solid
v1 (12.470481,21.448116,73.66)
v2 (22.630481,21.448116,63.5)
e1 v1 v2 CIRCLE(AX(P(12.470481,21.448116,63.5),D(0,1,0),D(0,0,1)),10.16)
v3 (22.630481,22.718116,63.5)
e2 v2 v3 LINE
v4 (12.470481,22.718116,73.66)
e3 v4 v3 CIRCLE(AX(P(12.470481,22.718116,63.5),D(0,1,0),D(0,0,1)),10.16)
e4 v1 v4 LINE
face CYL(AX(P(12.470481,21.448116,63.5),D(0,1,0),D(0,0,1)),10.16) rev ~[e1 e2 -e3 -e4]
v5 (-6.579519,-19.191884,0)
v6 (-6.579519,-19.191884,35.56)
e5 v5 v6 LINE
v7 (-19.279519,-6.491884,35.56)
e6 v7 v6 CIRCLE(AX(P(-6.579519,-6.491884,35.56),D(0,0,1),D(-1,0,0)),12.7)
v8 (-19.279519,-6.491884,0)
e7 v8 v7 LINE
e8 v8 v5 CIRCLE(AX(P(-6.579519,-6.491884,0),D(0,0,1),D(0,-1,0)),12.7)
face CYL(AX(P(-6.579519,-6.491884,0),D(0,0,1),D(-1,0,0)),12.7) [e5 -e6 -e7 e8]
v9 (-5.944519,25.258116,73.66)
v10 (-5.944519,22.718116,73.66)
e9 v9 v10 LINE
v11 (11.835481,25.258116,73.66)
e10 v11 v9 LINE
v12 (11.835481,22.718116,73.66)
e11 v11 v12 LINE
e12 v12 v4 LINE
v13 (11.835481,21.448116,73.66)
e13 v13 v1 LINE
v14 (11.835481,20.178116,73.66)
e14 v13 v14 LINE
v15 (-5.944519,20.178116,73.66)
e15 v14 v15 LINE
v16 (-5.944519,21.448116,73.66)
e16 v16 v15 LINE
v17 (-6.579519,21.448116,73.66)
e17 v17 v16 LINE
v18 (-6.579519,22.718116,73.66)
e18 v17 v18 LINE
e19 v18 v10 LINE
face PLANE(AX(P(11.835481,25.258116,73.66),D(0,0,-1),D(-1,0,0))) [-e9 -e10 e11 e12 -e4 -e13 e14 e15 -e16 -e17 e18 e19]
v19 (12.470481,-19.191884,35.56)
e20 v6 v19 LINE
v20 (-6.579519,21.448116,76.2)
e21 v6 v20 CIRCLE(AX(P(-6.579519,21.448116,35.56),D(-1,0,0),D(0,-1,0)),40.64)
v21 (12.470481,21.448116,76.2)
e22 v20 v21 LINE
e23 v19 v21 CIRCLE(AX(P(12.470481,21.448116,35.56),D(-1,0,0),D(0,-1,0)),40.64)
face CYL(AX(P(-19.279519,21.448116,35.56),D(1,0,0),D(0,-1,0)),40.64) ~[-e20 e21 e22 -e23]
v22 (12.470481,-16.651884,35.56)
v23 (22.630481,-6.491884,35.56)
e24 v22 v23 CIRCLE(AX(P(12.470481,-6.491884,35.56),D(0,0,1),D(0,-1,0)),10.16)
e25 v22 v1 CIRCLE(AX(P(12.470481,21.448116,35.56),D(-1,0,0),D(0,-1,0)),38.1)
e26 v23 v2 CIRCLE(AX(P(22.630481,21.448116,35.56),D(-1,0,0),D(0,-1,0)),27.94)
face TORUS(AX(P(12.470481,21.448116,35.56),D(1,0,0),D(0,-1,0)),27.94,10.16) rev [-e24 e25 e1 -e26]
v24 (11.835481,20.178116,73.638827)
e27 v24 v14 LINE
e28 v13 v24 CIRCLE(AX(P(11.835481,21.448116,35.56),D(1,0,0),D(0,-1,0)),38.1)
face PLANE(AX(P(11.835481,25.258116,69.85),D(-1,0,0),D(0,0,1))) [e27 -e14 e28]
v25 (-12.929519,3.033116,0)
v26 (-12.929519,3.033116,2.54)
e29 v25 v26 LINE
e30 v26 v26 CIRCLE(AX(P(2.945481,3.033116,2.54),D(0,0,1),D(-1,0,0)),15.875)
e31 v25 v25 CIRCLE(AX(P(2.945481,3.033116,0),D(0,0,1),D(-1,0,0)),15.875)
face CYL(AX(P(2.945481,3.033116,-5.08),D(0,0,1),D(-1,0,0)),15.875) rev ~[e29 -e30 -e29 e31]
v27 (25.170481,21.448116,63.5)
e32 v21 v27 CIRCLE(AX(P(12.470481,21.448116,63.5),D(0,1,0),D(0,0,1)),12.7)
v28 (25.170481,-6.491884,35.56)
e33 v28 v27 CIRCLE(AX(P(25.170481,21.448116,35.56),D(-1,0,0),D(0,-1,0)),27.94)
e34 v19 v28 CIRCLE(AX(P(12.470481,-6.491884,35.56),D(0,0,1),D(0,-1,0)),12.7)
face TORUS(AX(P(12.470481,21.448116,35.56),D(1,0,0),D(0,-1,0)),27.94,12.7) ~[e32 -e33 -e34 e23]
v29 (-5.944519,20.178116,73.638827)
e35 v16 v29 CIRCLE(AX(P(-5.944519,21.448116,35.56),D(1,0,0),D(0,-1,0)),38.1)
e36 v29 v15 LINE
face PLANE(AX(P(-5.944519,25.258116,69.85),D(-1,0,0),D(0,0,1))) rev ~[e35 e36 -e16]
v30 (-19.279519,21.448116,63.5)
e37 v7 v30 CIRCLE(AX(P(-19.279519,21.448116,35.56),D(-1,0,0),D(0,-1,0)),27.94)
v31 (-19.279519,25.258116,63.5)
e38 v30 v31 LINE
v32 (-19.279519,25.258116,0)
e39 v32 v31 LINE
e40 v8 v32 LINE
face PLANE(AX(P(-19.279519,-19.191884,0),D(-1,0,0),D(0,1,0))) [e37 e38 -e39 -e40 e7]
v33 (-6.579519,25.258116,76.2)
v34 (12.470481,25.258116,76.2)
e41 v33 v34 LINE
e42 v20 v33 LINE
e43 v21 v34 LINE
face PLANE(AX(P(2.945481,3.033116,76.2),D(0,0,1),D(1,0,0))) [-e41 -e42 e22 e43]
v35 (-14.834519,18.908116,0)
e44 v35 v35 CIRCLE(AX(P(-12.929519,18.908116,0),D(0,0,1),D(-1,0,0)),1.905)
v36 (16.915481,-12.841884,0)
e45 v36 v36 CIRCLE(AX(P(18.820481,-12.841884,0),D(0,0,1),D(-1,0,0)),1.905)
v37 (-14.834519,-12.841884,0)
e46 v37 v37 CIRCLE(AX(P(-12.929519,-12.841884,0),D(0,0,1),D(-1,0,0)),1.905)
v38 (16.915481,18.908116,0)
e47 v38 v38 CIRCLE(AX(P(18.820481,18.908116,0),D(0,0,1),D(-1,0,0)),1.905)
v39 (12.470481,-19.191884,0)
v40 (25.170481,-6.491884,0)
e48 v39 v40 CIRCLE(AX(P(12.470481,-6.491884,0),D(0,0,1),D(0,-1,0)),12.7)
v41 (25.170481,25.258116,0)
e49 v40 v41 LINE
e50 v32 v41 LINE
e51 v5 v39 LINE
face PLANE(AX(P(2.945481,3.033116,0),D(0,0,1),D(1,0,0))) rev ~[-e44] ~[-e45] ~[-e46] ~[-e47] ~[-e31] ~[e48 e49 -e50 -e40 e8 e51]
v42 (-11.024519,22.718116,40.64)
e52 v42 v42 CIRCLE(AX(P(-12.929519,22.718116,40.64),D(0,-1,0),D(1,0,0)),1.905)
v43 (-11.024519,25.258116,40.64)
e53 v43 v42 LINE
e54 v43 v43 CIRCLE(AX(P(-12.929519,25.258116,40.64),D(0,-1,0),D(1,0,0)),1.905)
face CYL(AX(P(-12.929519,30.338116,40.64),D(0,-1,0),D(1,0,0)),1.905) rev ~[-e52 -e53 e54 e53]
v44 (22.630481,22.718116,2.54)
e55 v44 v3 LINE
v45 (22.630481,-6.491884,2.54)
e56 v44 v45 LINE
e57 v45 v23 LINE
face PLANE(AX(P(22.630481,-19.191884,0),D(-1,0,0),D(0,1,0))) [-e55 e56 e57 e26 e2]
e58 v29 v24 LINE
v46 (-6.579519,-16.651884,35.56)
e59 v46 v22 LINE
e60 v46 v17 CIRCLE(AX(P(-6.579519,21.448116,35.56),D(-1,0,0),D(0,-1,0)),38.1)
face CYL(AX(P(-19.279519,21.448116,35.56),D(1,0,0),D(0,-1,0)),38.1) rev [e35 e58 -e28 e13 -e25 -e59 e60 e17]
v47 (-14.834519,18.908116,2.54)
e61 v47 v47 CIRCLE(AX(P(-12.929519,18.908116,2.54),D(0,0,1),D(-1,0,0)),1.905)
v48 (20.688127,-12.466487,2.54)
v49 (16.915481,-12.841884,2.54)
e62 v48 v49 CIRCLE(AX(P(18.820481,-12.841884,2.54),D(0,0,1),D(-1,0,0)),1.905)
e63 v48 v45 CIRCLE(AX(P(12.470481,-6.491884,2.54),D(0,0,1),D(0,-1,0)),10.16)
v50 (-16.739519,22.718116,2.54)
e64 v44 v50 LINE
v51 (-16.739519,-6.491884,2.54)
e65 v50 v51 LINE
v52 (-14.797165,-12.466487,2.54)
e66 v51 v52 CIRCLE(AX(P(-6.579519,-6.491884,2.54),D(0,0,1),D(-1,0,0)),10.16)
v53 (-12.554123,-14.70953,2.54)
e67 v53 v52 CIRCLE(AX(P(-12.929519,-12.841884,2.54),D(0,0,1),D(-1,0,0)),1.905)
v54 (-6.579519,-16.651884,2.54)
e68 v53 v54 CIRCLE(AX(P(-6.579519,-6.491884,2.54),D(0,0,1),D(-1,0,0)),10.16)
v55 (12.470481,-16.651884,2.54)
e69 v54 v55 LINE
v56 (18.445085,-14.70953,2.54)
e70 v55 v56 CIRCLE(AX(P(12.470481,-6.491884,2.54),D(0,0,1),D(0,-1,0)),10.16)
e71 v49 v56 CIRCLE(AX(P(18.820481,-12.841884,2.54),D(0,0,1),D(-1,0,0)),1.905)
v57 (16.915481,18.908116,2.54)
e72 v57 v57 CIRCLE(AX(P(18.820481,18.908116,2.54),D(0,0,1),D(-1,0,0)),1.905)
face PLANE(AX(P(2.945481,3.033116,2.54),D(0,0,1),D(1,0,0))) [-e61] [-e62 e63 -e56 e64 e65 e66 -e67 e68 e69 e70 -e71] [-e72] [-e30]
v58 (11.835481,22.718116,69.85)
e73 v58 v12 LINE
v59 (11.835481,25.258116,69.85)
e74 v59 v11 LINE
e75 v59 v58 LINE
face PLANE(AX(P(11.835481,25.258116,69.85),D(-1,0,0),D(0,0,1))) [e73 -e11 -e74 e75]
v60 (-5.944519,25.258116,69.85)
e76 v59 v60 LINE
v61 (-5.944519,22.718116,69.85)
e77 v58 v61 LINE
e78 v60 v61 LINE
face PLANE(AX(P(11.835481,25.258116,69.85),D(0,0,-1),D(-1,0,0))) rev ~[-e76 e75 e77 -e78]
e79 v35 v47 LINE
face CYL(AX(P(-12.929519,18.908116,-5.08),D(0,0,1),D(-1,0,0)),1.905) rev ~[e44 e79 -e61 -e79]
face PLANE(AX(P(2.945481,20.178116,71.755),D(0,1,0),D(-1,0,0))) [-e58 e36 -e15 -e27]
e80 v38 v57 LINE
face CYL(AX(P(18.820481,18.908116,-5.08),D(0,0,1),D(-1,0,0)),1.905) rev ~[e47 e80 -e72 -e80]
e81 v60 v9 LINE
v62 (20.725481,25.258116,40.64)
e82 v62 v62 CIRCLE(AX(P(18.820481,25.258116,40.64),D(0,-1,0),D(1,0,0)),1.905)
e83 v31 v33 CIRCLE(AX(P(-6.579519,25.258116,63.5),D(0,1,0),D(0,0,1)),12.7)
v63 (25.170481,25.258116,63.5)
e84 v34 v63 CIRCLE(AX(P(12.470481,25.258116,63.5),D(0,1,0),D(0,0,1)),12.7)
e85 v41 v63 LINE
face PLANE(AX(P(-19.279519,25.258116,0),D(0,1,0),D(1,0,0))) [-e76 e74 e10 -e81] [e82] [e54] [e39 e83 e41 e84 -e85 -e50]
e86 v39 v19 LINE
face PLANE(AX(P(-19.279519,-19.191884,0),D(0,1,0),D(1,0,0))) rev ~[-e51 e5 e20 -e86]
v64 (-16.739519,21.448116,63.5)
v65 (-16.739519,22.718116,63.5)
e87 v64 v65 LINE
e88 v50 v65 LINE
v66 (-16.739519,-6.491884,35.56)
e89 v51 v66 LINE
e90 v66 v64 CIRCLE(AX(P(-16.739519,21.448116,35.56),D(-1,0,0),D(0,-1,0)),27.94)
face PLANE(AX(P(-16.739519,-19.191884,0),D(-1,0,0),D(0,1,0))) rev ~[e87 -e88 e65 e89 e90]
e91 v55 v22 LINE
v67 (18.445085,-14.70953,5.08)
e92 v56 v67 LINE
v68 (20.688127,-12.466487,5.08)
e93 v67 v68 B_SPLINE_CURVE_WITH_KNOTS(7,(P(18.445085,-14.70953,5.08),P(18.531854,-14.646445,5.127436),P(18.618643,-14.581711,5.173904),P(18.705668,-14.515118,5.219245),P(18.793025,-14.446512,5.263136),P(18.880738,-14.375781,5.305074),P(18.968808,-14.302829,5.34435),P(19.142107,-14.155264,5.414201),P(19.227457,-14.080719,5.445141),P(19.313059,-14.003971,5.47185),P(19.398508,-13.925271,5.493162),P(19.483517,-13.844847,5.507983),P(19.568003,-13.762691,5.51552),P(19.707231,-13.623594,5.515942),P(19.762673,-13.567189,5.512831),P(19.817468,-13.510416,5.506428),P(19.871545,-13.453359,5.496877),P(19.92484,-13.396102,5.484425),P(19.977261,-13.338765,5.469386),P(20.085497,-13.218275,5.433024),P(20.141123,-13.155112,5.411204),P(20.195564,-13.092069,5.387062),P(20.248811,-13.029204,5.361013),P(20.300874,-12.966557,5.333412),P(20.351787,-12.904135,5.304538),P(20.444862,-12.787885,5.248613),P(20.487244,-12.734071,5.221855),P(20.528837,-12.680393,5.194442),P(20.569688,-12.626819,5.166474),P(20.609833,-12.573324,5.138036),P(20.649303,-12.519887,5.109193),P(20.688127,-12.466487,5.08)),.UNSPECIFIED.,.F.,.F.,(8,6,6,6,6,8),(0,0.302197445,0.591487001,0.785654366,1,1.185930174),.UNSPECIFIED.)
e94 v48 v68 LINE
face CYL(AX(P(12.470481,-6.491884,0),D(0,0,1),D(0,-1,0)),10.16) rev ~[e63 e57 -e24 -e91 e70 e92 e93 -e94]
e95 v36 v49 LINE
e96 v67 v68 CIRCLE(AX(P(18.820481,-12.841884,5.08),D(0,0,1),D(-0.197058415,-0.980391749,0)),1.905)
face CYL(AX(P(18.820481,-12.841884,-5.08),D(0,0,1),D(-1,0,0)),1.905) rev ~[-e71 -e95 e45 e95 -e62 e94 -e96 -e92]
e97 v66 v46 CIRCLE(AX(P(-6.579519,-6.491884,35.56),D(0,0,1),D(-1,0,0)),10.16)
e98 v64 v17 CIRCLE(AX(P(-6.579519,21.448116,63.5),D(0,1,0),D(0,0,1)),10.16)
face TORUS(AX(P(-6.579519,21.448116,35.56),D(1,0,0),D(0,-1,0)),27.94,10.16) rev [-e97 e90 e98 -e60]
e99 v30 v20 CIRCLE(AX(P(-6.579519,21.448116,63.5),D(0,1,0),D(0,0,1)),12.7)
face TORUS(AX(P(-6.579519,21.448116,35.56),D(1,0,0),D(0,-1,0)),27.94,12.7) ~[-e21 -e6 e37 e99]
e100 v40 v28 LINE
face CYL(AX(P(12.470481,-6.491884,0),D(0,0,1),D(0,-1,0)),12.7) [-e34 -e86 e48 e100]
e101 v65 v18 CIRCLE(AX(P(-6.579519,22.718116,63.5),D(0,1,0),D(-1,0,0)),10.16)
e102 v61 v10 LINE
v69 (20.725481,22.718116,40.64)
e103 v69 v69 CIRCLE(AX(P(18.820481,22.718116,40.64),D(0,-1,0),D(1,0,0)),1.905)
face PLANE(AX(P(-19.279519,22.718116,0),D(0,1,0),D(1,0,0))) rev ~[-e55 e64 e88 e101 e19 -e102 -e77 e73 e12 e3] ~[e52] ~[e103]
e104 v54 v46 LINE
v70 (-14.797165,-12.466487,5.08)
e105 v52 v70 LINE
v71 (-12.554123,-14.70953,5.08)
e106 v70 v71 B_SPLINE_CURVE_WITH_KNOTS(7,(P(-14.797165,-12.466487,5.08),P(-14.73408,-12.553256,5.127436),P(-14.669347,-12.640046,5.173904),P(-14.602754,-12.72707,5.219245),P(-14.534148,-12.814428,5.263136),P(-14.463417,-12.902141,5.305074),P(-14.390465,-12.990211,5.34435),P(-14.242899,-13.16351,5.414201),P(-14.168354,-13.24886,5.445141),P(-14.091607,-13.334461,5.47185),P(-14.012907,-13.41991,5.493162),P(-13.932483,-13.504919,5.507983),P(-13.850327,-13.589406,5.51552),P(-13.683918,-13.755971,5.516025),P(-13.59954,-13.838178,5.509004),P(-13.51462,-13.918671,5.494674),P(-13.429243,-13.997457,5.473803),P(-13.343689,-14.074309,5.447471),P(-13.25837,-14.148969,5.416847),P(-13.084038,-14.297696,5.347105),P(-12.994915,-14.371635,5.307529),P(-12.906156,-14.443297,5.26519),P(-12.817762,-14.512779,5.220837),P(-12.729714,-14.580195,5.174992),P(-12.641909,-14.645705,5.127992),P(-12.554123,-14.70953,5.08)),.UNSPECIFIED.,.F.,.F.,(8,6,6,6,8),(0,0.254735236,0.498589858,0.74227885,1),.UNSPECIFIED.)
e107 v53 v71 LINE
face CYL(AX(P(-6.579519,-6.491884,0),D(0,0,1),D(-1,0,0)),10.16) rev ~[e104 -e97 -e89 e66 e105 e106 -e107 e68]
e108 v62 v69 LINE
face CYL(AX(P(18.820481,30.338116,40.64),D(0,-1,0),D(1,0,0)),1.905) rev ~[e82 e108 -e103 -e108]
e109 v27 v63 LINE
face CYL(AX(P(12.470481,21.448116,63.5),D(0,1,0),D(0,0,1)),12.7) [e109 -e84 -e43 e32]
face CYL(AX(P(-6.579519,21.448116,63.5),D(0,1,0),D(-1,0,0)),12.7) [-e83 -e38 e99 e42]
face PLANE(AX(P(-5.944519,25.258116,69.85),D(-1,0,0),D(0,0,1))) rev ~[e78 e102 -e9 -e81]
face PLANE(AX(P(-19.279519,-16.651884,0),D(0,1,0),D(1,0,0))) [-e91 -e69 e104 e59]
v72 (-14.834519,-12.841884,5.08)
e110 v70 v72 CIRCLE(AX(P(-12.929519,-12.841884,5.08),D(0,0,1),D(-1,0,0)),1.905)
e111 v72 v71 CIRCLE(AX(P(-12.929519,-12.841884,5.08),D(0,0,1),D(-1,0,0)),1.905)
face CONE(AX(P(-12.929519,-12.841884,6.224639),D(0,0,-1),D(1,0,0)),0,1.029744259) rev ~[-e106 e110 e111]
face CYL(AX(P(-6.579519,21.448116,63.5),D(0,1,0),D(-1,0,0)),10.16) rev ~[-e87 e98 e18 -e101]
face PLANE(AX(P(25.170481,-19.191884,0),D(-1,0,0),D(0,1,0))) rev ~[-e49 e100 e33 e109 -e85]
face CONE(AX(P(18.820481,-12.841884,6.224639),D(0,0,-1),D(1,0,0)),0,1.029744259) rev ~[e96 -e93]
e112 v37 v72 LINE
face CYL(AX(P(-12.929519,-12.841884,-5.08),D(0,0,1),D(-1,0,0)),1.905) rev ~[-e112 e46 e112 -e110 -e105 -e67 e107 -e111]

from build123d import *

# Parameters (mm, degrees)
F0_W      = 44.45
F0_H      = 44.45
F1_DEPTH  = 76.2
F2_R      = 40.64
F4_R      = 12.7
F6_T      = -2.54
F3_W      = 17.78
F3_H      = 3.81
F7_DEPTH  = 5.08
F8_D      = 3.81
F8_DEPTH  = 5.08
F8_TIP    = 1.1446394792
F9_D      = 3.81
F9_DEPTH  = 5.08
F9_TIP    = 1.1446394792
F10_D     = 31.75
F10_DEPTH = 5.08
F10_TIP   = 9.5386623271


with BuildPart() as f1:
    # F0 (on Top) → F1 (new body)
    with BuildSketch(Plane.XY):
        with Locations((2.945480904, 3.0331164956)):
            Rectangle(F0_W, F0_H)
    extrude(amount=F1_DEPTH)

    # F2
    f2_edges = [f1.edges().sort_by_distance(p)[0] for p in [
        (2.945481, -19.191884, 76.2),
    ]]
    fillet(f2_edges, radius=F2_R)

    # F4
    f4_edges = [f1.edges().sort_by_distance(p)[0] for p in [
        (25.170481, -7.288703, 64.29682),
        (-19.279519, -7.288703, 64.29682),
    ]]
    fillet(f4_edges, radius=F4_R)

    # F6 (hollow: no face is removed)
    offset(amount=F6_T, mode=Mode.SUBTRACT)

    # F3 (on face) → F7 (cut)
    with BuildSketch(Plane(origin=(0, 25.2581164956, 0), x_dir=(-1, 0, 0), z_dir=(0, 1, 0))):
        with Locations((-2.945480904, 71.755)):
            Rectangle(F3_W, F3_H)
    extrude(amount=-F7_DEPTH, mode=Mode.SUBTRACT)

    # F8
    with Locations(Plane(origin=(0, 0, 0), x_dir=(1, 0, 0), z_dir=(0, 0, -1))):
        with Locations((18.820480904, 12.8418835044), (-12.929519096, 12.8418835044), (18.820480904, -18.9081164956), (-12.929519096, -18.9081164956)):
            Hole(F8_D / 2, depth=F8_DEPTH)
            with Locations((0, 0, -(F8_DEPTH + F8_TIP / 2))):  # 118° drill point
                Cone(0, F8_D / 2, F8_TIP, mode=Mode.SUBTRACT)

    # F9
    with Locations(Plane(origin=(0, 25.2581164956, 0), x_dir=(-1, 0, 0), z_dir=(0, 1, 0))):
        with Locations((-18.820480904, 40.64), (12.929519096, 40.64)):
            Hole(F9_D / 2, depth=F9_DEPTH)
            with Locations((0, 0, -(F9_DEPTH + F9_TIP / 2))):  # 118° drill point
                Cone(0, F9_D / 2, F9_TIP, mode=Mode.SUBTRACT)

    # F10
    with Locations(Plane(origin=(0, 0, 0), x_dir=(1, 0, 0), z_dir=(0, 0, -1))):
        with Locations((2.945480904, -3.0331164956)):
            Hole(F10_D / 2, depth=F10_DEPTH)
            with Locations((0, 0, -(F10_DEPTH + F10_TIP / 2))):  # 118° drill point
                Cone(0, F10_D / 2, F10_TIP, mode=Mode.SUBTRACT)


solid = f1.part
